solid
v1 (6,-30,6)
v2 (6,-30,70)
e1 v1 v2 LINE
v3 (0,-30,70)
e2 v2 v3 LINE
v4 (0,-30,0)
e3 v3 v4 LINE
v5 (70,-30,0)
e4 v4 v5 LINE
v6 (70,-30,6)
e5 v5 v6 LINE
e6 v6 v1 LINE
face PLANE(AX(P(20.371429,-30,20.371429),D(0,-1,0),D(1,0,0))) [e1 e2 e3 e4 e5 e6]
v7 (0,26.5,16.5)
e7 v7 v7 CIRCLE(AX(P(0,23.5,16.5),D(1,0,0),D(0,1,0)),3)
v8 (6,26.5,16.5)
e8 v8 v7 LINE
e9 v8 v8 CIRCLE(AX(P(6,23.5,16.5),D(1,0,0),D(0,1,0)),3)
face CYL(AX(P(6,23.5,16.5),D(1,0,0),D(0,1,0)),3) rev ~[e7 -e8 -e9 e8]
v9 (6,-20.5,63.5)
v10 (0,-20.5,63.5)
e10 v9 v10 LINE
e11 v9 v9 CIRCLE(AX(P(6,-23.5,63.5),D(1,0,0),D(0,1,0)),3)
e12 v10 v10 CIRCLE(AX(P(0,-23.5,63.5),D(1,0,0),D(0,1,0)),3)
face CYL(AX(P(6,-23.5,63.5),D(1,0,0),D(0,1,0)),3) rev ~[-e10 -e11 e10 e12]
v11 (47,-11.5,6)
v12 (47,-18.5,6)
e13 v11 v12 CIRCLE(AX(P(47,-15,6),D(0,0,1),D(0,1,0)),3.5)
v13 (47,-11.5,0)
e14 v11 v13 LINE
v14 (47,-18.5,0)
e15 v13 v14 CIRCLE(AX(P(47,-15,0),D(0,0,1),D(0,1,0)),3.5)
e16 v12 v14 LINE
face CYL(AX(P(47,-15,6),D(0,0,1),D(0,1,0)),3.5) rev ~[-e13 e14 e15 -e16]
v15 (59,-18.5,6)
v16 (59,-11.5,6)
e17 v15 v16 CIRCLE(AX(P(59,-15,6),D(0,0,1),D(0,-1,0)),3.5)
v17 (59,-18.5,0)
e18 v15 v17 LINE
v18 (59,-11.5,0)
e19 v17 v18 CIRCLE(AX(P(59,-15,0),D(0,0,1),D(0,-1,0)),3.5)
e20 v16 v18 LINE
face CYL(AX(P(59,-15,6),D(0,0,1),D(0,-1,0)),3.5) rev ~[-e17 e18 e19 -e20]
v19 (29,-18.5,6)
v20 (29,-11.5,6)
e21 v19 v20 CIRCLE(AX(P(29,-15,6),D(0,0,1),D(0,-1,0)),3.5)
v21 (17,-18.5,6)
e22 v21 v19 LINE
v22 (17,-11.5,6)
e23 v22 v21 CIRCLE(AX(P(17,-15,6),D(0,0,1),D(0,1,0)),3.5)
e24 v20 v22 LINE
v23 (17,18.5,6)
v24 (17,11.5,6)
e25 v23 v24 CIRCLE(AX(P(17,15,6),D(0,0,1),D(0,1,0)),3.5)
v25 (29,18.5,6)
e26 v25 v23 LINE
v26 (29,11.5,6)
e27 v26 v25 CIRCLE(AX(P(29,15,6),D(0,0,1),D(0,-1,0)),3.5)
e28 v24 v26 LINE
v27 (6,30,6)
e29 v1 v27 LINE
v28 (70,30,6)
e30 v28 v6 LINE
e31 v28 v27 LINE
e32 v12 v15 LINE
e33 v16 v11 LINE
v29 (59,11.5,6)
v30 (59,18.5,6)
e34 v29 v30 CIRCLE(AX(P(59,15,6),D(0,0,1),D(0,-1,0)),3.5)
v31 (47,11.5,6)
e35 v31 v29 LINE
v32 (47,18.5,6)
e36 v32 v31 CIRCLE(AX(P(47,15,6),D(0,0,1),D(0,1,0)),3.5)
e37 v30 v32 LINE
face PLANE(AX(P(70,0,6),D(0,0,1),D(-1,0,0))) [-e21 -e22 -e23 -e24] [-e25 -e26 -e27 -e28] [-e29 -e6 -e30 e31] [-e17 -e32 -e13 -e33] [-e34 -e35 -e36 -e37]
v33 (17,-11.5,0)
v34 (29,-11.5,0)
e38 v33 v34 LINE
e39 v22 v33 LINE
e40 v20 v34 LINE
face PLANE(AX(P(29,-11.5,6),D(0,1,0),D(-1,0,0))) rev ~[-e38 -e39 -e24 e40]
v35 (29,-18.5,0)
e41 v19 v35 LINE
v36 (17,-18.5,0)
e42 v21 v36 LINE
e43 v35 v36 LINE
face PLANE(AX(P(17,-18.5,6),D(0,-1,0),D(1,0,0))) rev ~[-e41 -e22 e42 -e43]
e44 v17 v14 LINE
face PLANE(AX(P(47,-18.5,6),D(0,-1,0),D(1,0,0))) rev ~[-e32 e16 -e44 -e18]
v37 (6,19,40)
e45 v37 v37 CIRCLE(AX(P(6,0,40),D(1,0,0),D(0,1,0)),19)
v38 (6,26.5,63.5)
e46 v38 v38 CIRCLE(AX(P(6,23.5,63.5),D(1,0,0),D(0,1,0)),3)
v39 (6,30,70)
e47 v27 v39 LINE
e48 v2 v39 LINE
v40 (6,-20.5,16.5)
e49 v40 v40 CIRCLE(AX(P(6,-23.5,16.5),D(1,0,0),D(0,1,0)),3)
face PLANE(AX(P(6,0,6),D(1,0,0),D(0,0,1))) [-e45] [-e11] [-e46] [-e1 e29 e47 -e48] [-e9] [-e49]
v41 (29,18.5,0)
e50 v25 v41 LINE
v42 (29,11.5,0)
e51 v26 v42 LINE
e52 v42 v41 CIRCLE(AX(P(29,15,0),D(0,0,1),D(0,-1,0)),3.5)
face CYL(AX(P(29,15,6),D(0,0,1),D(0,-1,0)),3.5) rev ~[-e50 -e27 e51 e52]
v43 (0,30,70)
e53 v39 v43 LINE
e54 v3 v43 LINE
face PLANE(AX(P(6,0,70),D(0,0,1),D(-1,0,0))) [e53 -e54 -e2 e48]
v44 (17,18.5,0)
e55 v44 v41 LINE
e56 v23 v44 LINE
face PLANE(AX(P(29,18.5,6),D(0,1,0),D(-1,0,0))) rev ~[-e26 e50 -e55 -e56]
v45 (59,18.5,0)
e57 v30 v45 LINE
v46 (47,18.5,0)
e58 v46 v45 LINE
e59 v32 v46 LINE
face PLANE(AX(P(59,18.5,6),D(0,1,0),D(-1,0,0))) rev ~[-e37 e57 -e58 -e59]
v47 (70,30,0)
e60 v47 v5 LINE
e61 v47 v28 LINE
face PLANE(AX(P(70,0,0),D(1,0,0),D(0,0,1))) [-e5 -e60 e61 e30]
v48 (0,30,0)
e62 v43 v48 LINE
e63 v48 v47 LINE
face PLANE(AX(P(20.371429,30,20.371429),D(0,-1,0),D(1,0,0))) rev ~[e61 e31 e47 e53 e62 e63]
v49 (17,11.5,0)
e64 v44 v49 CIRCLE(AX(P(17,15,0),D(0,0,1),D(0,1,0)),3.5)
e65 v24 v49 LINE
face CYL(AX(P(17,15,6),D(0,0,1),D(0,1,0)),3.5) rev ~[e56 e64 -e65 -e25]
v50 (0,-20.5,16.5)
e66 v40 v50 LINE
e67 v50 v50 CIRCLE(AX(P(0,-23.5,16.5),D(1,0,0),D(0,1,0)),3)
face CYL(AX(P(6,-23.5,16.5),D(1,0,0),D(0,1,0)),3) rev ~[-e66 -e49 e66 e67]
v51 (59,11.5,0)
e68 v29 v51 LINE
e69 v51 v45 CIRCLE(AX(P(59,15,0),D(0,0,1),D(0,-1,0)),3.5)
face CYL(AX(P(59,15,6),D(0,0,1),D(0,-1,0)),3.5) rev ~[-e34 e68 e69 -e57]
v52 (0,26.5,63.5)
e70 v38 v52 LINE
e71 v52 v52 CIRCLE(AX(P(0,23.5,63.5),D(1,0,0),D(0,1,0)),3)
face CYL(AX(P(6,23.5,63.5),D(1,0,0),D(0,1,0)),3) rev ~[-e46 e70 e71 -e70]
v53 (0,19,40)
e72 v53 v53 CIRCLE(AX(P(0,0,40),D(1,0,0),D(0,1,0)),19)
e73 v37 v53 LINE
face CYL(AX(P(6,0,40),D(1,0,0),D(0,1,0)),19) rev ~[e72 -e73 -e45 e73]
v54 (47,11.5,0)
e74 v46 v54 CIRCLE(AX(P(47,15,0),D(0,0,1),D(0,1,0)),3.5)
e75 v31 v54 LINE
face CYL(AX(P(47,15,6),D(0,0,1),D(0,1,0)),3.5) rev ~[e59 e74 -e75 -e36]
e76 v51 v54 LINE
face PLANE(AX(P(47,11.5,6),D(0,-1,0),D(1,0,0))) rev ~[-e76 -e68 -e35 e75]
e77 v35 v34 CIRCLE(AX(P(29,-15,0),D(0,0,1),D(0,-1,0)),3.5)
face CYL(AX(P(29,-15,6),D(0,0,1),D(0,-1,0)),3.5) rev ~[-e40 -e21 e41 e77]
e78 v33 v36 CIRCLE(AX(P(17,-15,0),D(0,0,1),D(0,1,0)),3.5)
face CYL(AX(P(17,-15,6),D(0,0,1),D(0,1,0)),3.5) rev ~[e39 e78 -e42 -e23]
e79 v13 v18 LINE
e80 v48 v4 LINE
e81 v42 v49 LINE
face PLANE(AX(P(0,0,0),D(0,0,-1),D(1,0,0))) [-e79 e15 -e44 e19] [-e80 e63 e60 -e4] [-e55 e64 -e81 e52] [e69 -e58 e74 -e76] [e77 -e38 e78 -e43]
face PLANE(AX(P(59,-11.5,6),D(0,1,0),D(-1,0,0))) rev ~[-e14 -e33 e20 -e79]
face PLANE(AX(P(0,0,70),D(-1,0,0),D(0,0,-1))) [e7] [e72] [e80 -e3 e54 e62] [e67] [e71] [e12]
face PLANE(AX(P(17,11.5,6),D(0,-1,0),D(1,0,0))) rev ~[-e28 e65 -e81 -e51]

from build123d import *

# Parameters (mm, degrees)
F1_DEPTH      = 30
F1_DEPTH_BACK = 30
F2_R          = 19
F2_R_2        = 3
F3_DEPTH      = 6.001
F5_DEPTH      = 25


with BuildPart() as f1:
    # F0 (on Front) → F1 (new body, two sides)
    with BuildSketch(Plane.XZ) as f1_sk:
        Polygon((0, 70), (0, 0), (70, 0), (70, 6), (6, 6), (6, 70), align=None)
    extrude(amount=F1_DEPTH)
    extrude(f1_sk.sketch, amount=-F1_DEPTH_BACK)

    # F2 (on face) → F3 (cut, through all)
    with BuildSketch(Plane.YZ.offset(6)):
        with Locations((0, 40)):
            Circle(F2_R)
        with Locations((-23.5, 63.5)):
            Circle(F2_R_2)
        with Locations((-23.5, 16.5)):
            Circle(F2_R_2)
        with Locations((23.5, 16.5)):
            Circle(F2_R_2)
        with Locations((23.5, 63.5)):
            Circle(F2_R_2)
    extrude(amount=-F3_DEPTH, mode=Mode.SUBTRACT)

    # F4 (on face) → F5 (cut)
    with BuildSketch(Plane.XY.offset(6)):
        with BuildLine():
            ThreePointArc((29, -18.5), (32.5, -15), (29, -11.5))
            Line((29, -11.5), (17, -11.5))
            ThreePointArc((17, -11.5), (13.5, -15), (17, -18.5))
            Line((17, -18.5), (29, -18.5))
        make_face()
        with BuildLine():
            ThreePointArc((59, -18.5), (62.5, -15), (59, -11.5))
            Line((59, -11.5), (47, -11.5))
            ThreePointArc((47, -11.5), (43.5, -15), (47, -18.5))
            Line((47, -18.5), (59, -18.5))
        make_face()
        with BuildLine():
            Line((47, 11.5), (59, 11.5))
            ThreePointArc((59, 11.5), (62.5, 15), (59, 18.5))
            Line((59, 18.5), (47, 18.5))
            ThreePointArc((47, 18.5), (43.5, 15), (47, 11.5))
        make_face()
        with BuildLine():
            ThreePointArc((29, 11.5), (32.5, 15), (29, 18.5))
            Line((29, 18.5), (17, 18.5))
            ThreePointArc((17, 18.5), (13.5, 15), (17, 11.5))
            Line((17, 11.5), (29, 11.5))
        make_face()
    extrude(amount=-F5_DEPTH, mode=Mode.SUBTRACT)


solid = f1.part
